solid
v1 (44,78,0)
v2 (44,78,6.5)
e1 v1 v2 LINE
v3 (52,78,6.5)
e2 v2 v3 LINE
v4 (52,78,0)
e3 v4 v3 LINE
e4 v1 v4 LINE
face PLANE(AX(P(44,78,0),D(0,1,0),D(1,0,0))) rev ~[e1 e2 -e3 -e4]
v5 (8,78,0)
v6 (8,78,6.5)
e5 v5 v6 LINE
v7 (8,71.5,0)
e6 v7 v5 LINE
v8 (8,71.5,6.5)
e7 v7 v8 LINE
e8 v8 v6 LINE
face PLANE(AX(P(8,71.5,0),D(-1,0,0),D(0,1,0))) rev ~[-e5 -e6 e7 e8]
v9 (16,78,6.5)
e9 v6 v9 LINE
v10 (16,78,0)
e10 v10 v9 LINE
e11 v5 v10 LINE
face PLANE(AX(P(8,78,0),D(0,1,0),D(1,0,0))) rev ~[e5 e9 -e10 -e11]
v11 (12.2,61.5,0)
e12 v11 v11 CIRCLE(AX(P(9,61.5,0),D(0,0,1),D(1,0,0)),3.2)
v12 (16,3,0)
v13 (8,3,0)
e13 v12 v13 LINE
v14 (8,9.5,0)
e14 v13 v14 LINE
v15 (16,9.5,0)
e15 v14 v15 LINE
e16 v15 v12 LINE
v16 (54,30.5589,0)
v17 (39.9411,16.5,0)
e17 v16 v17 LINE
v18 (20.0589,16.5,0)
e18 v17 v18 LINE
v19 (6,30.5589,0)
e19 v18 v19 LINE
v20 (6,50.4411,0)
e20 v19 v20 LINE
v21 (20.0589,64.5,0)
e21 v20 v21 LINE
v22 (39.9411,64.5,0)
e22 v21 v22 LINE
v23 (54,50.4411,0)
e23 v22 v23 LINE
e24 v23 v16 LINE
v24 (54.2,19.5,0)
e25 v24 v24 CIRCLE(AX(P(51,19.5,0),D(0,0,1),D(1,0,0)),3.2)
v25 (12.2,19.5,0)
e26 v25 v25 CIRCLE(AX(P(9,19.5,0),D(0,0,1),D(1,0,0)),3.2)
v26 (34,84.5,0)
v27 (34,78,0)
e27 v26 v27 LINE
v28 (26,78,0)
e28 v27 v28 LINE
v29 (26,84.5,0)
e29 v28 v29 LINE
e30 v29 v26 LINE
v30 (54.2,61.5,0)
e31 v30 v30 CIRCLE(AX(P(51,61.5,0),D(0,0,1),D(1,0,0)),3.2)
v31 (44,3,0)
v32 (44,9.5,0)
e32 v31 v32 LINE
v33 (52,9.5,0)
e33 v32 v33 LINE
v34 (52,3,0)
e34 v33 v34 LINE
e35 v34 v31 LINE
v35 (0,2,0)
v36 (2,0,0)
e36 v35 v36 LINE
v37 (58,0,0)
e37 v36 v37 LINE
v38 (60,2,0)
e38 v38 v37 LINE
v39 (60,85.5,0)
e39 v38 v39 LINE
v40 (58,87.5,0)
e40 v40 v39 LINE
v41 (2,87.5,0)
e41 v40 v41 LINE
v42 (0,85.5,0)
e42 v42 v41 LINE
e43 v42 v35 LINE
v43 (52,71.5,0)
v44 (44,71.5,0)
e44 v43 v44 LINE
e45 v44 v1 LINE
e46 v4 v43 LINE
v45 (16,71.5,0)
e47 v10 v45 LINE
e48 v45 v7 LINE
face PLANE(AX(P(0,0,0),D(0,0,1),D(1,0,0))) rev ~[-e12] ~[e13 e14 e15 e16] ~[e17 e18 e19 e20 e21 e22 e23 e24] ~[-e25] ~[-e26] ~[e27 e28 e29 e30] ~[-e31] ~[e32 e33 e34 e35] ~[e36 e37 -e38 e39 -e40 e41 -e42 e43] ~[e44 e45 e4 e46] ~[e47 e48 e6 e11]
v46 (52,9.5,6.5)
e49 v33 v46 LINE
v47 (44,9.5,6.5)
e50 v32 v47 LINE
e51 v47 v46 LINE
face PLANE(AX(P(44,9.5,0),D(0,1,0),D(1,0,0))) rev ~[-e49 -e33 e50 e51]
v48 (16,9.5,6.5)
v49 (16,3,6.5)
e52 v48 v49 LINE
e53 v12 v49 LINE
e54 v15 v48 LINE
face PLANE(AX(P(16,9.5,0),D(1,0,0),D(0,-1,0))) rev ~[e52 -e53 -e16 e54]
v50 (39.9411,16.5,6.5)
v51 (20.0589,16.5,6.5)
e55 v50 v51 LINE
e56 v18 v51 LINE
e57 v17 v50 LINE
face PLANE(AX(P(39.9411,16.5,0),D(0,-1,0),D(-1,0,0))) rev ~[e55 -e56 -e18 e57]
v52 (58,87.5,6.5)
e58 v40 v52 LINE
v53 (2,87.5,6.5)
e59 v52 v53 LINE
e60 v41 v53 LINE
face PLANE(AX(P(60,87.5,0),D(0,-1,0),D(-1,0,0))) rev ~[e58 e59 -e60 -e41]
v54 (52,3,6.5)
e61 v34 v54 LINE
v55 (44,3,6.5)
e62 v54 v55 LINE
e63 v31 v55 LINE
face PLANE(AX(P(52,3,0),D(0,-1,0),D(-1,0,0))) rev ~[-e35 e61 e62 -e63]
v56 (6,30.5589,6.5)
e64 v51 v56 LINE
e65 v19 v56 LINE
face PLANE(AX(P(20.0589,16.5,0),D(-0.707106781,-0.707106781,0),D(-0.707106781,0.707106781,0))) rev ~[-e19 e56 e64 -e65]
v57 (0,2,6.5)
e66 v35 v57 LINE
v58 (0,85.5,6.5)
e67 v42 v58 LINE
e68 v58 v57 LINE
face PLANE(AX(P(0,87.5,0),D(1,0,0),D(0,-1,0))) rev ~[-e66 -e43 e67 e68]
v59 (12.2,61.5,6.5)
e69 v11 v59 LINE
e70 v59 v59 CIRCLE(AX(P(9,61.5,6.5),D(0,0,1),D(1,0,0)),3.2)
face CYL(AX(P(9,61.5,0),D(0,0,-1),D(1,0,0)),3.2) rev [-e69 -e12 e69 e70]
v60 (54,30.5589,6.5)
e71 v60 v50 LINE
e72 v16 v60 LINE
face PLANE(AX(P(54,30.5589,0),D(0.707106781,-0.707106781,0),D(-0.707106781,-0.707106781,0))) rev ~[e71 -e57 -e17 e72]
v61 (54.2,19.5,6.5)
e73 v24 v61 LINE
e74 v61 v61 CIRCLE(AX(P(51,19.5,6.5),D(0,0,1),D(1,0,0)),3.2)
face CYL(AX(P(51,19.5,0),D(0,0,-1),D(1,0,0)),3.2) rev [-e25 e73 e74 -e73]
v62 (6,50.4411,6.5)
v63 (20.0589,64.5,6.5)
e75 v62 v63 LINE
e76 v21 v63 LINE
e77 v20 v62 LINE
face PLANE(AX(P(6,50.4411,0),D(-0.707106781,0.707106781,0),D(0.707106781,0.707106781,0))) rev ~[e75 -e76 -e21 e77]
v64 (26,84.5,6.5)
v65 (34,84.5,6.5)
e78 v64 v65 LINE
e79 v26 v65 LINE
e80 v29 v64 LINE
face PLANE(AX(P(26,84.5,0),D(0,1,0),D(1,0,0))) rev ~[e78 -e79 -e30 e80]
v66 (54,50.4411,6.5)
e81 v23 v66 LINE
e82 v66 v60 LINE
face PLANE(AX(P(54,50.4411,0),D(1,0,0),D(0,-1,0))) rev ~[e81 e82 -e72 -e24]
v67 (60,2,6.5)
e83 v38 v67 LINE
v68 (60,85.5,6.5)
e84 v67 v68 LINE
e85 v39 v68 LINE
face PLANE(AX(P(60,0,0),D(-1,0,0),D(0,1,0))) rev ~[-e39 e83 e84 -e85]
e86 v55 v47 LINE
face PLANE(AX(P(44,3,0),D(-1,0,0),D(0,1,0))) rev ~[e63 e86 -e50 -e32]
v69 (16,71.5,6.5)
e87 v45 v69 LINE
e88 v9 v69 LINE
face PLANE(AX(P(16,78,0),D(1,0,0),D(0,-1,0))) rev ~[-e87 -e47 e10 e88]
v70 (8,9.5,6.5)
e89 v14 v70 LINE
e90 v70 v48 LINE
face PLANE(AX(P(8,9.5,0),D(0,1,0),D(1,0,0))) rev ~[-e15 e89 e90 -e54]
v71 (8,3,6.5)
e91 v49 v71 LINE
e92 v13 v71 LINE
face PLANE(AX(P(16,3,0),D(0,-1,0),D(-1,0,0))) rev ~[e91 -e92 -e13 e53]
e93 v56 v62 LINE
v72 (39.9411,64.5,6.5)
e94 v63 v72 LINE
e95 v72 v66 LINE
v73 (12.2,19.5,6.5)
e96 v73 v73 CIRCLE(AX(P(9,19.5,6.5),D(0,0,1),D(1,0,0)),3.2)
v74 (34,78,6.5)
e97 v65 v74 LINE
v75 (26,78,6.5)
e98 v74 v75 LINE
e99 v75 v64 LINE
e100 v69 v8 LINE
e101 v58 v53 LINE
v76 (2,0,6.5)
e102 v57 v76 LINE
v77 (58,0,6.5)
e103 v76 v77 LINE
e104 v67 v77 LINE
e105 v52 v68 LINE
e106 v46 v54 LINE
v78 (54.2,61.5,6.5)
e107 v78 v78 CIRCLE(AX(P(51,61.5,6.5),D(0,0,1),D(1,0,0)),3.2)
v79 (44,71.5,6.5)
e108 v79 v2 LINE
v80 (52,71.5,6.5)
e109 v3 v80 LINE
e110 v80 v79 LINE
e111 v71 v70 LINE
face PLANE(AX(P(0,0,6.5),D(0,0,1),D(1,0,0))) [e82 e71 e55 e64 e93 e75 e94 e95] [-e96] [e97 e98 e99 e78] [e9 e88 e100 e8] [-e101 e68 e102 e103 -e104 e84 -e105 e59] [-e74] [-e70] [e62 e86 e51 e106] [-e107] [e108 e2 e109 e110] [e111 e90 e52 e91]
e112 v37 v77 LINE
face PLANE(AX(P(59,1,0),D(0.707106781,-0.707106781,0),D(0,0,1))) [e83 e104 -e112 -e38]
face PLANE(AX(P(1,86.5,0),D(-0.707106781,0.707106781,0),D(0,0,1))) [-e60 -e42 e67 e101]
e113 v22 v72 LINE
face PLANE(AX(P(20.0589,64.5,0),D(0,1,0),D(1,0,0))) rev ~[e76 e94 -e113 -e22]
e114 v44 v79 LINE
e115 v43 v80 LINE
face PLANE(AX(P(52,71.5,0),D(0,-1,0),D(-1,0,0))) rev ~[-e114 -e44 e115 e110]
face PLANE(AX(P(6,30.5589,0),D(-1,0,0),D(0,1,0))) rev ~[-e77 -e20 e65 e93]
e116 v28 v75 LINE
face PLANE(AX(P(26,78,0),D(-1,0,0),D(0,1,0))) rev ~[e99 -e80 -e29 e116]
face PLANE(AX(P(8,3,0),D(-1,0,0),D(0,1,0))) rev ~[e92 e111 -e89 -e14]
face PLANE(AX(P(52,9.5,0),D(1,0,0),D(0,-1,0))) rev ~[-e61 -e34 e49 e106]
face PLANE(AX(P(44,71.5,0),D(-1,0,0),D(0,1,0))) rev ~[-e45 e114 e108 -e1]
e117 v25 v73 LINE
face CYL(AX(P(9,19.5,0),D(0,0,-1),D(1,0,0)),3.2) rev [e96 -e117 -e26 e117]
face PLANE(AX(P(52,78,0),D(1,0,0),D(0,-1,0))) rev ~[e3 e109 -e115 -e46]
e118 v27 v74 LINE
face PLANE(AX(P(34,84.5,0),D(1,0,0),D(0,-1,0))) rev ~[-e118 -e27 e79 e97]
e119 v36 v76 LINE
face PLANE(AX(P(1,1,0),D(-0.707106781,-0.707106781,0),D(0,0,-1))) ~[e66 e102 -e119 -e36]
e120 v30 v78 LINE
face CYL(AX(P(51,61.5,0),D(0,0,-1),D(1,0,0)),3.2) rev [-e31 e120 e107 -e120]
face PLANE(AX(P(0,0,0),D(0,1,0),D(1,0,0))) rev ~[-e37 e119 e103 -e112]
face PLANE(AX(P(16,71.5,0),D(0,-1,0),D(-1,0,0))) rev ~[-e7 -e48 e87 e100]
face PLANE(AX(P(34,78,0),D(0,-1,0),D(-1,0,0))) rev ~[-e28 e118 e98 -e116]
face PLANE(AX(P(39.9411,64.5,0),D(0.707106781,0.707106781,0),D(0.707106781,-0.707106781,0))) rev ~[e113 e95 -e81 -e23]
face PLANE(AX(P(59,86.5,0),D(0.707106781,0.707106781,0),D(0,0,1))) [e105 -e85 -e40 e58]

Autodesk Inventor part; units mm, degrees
ref_plane "YZ Plane" through (0, 0, 0) normal (1, 0, 0) x (0, 1, 0)
ref_plane "XZ Plane" through (0, 0, 0) normal (0, 1, 0) x (-1, 0, 0)
ref_plane "XY Plane" through (0, 0, 0) normal (0, 0, 1) x (1, 0, 0)
sketch "Sketch1" plane through (0, 0, 0) normal (0, 0, 1) x (1, 0, 0)
  line L0 (0, 0) -> (60, 0)
  line L1 (60, 0) -> (60, 87.5)
  line L2 (60, 87.5) -> (0, 87.5)
  line L3 (0, 87.5) -> (0, 0)
  line L4 (54, 30.5589) -> (39.9411, 16.5)
  line L5 (39.9411, 16.5) -> (20.0589, 16.5)
  line L6 (20.0589, 16.5) -> (6, 30.5589)
  line L7 (6, 30.5589) -> (6, 50.4411)
  line L8 (6, 50.4411) -> (20.0589, 64.5)
  line L9 (20.0589, 64.5) -> (39.9411, 64.5)
  line L10 (39.9411, 64.5) -> (54, 50.4411)
  line L11 (54, 50.4411) -> (54, 30.5589)
  line L12 (9, 61.5) -> (51, 61.5) construction
  line L13 (51, 61.5) -> (51, 19.5) construction
  line L14 (51, 19.5) -> (9, 19.5) construction
  line L15 (9, 19.5) -> (9, 61.5) construction
  circle A0 centre (9, 61.5) radius 3.2
  circle A1 centre (9, 19.5) radius 3.2
  circle A2 centre (51, 19.5) radius 3.2
  circle A3 centre (51, 61.5) radius 3.2
  line L16 (8, 9.5) -> (16, 9.5)
  line L17 (16, 9.5) -> (16, 3)
  line L18 (16, 3) -> (8, 3)
  line L19 (8, 3) -> (8, 9.5)
  line L20 (44, 9.5) -> (52, 9.5)
  line L21 (52, 9.5) -> (52, 3)
  line L22 (52, 3) -> (44, 3)
  line L23 (44, 3) -> (44, 9.5)
  line L24 (8, 78) -> (16, 78)
  line L25 (16, 78) -> (16, 71.5)
  line L26 (16, 71.5) -> (8, 71.5)
  line L27 (8, 71.5) -> (8, 78)
  line L28 (44, 78) -> (52, 78)
  line L29 (52, 78) -> (52, 71.5)
  line L30 (52, 71.5) -> (44, 71.5)
  line L31 (44, 71.5) -> (44, 78)
  line L32 (26, 84.5) -> (34, 84.5)
  line L33 (34, 84.5) -> (34, 78)
  line L34 (34, 78) -> (26, 78)
  line L35 (26, 78) -> (26, 84.5)
  line L36 (12, 71.5) -> (12, 9.5) construction
  point P0 (30, 40.5)
  point P1 (30, 61.5)
  point P2 (30, 64.5)
  point P3 (9, 40.5)
  point P4 (6, 40.5)
  point P5 (12, 40.5)
  point P6 (30, 78)
  dimension "d0" = 42
  dimension "d1" = 42
  dimension "d2" = 48
  dimension "d3" = 6.4
  dimension "d4" = 6.4
  dimension "d5" = 6.4
  dimension "d6" = 6.4
  dimension "d7" = 6.5
  dimension "d8" = 8
  dimension "d9" = 6.5
  dimension "d10" = 8
  dimension "d11" = 3
  dimension "d12" = 8
  dimension "d13" = 6.5
  dimension "d14" = 3
  dimension "d15" = 87.5
  dimension "d16" = 6
  dimension "d17" = 6
  dimension "d18" = 8
  dimension "d19" = 8
extrude "Extrusion1" add sketch "Sketch1" along normal blind 6.5
chamfer "Chamfer1" distance 2 angle 45 4 edges at (0, 0, 3.25) (60, 0, 3.25) (60, 87.5, 3.25) (0, 87.5, 3.25)
properties part number "x_iddler_c_mount" material "Plywood, Finish"
